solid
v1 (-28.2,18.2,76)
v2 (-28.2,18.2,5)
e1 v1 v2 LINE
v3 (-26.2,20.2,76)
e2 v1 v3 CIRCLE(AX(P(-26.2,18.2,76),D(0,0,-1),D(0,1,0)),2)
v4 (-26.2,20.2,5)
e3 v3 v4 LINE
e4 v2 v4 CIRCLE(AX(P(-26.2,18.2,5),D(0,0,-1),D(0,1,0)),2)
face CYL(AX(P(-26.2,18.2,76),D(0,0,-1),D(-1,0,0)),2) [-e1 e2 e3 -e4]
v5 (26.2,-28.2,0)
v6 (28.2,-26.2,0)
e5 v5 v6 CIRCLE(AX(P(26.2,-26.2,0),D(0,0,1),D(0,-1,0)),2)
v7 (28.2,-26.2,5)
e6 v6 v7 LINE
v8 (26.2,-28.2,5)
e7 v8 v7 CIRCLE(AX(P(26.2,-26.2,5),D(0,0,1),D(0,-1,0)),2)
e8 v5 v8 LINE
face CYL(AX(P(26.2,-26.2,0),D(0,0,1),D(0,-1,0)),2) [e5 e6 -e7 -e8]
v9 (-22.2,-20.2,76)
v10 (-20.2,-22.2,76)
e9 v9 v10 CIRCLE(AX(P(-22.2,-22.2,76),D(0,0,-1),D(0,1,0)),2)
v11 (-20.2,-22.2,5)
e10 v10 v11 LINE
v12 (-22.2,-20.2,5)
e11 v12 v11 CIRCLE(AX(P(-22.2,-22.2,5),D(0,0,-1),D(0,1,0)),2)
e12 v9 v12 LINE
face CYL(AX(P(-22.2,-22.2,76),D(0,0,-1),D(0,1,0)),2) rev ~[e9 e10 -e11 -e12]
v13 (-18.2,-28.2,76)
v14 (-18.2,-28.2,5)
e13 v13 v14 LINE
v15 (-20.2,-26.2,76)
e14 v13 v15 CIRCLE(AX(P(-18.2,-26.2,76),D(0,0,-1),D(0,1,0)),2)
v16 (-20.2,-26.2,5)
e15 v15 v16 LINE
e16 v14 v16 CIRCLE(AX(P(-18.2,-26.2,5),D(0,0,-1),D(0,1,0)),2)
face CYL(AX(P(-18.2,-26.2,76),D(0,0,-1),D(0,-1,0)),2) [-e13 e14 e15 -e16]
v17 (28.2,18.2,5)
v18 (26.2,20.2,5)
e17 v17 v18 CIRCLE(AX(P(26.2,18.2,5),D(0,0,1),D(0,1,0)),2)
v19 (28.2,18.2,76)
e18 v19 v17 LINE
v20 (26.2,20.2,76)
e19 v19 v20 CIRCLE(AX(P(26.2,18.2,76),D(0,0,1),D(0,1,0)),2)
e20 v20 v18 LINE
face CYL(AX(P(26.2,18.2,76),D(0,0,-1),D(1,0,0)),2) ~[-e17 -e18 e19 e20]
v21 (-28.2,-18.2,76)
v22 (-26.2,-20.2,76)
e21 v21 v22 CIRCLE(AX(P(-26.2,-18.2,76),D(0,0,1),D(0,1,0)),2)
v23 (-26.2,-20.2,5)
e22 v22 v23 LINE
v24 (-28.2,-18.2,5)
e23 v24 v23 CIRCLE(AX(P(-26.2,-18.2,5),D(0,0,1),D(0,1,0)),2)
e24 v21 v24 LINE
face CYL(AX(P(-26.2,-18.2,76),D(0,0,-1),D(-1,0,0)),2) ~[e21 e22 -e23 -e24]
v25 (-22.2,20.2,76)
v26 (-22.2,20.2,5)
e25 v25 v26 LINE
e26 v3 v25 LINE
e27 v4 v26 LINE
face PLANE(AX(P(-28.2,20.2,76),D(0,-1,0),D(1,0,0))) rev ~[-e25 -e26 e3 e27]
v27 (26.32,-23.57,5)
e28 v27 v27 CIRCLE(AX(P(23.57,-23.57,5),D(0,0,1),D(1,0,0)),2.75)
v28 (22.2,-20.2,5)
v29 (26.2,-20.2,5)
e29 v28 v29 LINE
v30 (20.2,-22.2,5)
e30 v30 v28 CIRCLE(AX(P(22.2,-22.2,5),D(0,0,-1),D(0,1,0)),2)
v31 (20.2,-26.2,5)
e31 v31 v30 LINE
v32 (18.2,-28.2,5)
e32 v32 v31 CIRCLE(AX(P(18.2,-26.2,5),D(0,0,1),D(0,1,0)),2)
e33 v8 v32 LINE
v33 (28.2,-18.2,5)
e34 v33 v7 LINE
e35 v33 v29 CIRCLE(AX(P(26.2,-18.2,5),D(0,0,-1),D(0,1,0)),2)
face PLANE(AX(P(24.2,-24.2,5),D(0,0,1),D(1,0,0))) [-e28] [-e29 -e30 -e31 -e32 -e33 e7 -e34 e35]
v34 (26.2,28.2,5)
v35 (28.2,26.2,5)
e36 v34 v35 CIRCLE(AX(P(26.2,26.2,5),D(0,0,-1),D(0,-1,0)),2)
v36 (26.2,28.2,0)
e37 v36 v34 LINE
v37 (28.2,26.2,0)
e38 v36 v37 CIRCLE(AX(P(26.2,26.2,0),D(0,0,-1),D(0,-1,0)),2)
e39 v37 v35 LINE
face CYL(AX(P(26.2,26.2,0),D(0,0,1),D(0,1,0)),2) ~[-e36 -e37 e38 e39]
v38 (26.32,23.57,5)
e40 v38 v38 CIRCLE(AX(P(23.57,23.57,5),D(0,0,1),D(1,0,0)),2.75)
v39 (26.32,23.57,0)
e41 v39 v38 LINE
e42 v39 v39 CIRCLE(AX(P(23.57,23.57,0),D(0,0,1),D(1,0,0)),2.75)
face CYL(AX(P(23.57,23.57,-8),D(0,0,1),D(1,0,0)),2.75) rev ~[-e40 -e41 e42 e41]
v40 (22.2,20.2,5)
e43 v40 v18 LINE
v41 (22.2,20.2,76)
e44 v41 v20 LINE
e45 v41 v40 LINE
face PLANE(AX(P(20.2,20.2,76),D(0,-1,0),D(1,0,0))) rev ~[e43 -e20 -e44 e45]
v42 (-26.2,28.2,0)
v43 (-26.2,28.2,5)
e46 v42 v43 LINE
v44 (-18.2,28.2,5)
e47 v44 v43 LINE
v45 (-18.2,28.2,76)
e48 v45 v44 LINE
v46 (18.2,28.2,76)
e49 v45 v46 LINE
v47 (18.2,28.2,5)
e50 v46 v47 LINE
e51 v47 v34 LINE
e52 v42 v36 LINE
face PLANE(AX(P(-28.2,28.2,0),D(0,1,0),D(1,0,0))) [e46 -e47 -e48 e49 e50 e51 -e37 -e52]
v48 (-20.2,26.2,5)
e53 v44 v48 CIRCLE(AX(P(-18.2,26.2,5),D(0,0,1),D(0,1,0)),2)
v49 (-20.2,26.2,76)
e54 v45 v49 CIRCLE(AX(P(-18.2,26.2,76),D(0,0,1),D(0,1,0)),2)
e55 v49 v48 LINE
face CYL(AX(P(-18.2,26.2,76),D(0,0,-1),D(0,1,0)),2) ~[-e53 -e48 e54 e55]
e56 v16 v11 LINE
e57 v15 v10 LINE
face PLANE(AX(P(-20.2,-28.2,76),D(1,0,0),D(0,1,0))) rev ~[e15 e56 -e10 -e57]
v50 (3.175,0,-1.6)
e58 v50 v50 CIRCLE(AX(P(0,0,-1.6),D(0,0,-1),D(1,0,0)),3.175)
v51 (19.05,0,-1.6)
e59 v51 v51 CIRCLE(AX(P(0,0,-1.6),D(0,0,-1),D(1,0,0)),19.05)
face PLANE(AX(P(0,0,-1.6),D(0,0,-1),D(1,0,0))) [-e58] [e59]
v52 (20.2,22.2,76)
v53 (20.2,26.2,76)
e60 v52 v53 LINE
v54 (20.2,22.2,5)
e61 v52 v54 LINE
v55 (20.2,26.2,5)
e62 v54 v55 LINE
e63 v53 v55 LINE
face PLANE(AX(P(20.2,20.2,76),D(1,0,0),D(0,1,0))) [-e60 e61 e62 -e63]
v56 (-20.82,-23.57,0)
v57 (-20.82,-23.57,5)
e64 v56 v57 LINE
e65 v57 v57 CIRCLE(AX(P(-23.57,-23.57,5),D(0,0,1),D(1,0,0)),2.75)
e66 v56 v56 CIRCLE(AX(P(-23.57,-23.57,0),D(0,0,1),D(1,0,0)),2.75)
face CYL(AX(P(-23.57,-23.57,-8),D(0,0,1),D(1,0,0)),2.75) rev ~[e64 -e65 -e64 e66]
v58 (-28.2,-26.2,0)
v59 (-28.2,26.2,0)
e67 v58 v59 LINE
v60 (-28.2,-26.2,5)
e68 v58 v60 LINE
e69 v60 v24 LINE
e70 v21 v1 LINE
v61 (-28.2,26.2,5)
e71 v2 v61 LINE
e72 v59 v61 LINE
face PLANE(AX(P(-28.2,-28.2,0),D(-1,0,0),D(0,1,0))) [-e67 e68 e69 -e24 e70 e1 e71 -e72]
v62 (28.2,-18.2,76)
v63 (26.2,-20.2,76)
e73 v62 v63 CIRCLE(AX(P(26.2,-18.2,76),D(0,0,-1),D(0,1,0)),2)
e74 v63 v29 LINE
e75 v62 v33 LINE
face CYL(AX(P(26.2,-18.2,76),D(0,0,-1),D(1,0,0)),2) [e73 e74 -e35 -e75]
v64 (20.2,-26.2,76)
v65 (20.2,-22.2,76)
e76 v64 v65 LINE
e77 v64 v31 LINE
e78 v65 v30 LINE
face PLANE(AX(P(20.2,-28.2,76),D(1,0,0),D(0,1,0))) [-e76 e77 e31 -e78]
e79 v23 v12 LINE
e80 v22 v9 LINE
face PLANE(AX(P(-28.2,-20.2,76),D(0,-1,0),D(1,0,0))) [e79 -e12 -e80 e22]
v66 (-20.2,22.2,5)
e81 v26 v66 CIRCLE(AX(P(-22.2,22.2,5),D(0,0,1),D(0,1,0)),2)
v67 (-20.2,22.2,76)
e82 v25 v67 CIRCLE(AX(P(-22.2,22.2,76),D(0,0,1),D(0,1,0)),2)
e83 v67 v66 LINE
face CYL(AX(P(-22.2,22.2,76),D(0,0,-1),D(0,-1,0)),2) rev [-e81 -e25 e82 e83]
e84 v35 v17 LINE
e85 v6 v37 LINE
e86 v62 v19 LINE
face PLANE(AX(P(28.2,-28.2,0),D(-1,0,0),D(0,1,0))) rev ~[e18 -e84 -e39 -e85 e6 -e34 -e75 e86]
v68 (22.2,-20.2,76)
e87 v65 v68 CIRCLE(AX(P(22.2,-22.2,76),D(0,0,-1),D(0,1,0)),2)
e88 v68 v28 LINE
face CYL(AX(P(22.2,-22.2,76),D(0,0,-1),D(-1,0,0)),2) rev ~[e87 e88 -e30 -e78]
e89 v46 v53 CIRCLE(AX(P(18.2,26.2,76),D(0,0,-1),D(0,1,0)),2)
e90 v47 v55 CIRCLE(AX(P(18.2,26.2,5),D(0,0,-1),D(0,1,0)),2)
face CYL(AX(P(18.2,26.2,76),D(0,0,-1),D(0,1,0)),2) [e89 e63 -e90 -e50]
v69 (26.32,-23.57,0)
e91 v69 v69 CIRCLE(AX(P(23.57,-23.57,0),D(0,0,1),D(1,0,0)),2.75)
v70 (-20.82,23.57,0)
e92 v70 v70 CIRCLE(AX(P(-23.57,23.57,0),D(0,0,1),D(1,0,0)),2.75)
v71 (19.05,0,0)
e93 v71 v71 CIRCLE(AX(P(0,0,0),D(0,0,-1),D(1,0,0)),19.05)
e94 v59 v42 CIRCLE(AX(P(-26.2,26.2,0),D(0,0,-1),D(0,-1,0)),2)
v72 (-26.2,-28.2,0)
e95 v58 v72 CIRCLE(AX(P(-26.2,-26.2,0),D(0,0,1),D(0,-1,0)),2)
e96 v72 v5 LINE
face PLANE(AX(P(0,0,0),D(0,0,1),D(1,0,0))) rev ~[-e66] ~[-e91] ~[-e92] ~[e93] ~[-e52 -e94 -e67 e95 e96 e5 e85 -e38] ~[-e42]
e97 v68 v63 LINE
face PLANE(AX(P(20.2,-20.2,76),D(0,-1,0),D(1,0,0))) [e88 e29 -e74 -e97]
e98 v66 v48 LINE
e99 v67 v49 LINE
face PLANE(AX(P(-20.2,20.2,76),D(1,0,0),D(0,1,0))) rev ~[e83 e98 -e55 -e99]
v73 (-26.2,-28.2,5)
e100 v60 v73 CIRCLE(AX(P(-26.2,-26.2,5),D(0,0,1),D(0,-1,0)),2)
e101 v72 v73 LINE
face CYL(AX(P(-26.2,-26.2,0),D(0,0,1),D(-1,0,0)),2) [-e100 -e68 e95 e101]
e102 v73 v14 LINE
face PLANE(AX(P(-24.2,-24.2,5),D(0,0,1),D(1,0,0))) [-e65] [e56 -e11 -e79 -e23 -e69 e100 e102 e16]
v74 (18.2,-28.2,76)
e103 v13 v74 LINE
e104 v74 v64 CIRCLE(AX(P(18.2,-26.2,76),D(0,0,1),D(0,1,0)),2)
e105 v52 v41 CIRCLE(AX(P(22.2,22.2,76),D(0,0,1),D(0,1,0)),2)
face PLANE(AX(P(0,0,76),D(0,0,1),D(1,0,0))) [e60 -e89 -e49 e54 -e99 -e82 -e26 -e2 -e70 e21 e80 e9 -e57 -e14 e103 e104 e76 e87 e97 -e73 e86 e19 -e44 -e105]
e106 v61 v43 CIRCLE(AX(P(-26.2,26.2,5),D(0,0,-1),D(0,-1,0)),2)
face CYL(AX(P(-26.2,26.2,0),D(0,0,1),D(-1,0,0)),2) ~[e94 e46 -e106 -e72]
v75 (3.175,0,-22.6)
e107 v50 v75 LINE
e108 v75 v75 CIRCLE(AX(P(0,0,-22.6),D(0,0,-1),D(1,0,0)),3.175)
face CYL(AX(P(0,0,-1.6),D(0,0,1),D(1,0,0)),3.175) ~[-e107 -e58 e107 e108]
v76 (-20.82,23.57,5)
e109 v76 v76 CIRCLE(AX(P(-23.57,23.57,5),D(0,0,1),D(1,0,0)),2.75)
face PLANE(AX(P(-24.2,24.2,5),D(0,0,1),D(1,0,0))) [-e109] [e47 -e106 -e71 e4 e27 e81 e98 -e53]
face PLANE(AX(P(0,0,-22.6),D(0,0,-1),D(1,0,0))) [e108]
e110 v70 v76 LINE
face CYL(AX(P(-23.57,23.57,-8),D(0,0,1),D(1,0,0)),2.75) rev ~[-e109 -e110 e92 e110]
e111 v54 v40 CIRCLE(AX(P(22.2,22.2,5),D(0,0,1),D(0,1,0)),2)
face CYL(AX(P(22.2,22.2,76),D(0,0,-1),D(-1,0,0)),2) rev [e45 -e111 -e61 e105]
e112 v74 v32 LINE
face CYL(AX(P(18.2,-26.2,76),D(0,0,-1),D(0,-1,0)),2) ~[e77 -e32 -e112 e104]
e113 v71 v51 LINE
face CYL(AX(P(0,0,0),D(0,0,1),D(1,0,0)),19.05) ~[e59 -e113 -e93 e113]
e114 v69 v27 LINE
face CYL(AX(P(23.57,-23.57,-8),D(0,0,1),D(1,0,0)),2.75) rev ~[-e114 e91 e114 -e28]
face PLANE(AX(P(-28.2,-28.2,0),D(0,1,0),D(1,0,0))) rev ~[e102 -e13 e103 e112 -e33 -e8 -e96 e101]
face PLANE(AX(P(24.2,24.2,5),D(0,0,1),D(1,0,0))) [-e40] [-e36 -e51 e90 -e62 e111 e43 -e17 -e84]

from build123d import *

# Parameters (mm, degrees)
SKETCH1_W        = 56.4
SKETCH1_H        = 56.4
EXTRUSION1_DEPTH = 76
THREAD4_D        = 5.5
THREAD4_DEPTH    = 8
THREAD4_TIP      = 1.652366702
SKETCH4_R        = 19.05
EXTRUSION2_DEPTH = 1.6
SKETCH5_R        = 3.175
EXTRUSION3_DEPTH = 21
SKETCH6_W        = 8
SKETCH6_H        = 8
EXTRUSION4_DEPTH = 71
FILLET1_R        = 2
FILLET2_R        = 2


with BuildPart() as part:
    # Sketch1 → Extrusion1 (new body)
    with BuildSketch(Plane.XY):
        Rectangle(SKETCH1_W, SKETCH1_H)
    extrude(amount=EXTRUSION1_DEPTH)

    # Thread4
    with Locations(Plane(origin=(0, 0, 0), x_dir=(-1, 0, 0), z_dir=(0, 0, -1))):
        with Locations((-23.57, 23.57), (23.57, 23.57), (23.57, -23.57), (-23.57, -23.57)):
            Hole(THREAD4_D / 2, depth=THREAD4_DEPTH)
            with Locations((0, 0, -(THREAD4_DEPTH + THREAD4_TIP / 2))):  # 118° drill point
                Cone(0, THREAD4_D / 2, THREAD4_TIP, mode=Mode.SUBTRACT)

    # Sketch4 → Extrusion2 (add)
    with BuildSketch(Plane(origin=(0, 0, 0), x_dir=(-1, 0, 0), z_dir=(0, 0, -1))):
        with Locations(Location((0, 0, 0), (0, 0, 180))):
            Circle(SKETCH4_R)
    extrude(amount=EXTRUSION2_DEPTH)

    # Sketch5 → Extrusion3 (add)
    with BuildSketch(Plane(origin=(0, 0, -1.6), x_dir=(-1, 0, 0), z_dir=(0, 0, -1))):
        with Locations(Location((0, 0, 0), (0, 0, 180))):
            Circle(SKETCH5_R)
    extrude(amount=EXTRUSION3_DEPTH)

    # Sketch6 → Extrusion4 (cut)
    with BuildSketch(Plane.XY.offset(76)):
        with Locations((-24.2, -24.2)):
            Rectangle(SKETCH6_W, SKETCH6_H)
        with Locations((24.2, -24.2)):
            Rectangle(SKETCH6_W, SKETCH6_H)
        with Locations((24.2, 24.2)):
            Rectangle(SKETCH6_W, SKETCH6_H)
        with Locations((-24.2, 24.2)):
            Rectangle(SKETCH6_W, SKETCH6_H)
    extrude(amount=-EXTRUSION4_DEPTH, mode=Mode.SUBTRACT)

    # Fillet1
    fillet1_edges = [part.edges().sort_by_distance(p)[0] for p in [
        (-28.2, 28.2, 2.5),
    ]]
    fillet(fillet1_edges, radius=FILLET1_R)

    # Fillet2
    fillet2_edges = [part.edges().sort_by_distance(p)[0] for p in [
        (-28.2, -28.2, 2.5),
        (-20.2, -20.2, 40.5),
        (-20.2, -28.2, 40.5),
        (-28.2, -20.2, 40.5),
        (28.2, -28.2, 2.5),
        (20.2, -20.2, 40.5),
        (28.2, -20.2, 40.5),
        (20.2, -28.2, 40.5),
        (28.2, 28.2, 2.5),
        (20.2, 20.2, 40.5),
        (20.2, 28.2, 40.5),
        (28.2, 20.2, 40.5),
        (-20.2, 20.2, 40.5),
        (-28.2, 20.2, 40.5),
        (-20.2, 28.2, 40.5),
    ]]
    fillet(fillet2_edges, radius=FILLET2_R)


solid = part.part
